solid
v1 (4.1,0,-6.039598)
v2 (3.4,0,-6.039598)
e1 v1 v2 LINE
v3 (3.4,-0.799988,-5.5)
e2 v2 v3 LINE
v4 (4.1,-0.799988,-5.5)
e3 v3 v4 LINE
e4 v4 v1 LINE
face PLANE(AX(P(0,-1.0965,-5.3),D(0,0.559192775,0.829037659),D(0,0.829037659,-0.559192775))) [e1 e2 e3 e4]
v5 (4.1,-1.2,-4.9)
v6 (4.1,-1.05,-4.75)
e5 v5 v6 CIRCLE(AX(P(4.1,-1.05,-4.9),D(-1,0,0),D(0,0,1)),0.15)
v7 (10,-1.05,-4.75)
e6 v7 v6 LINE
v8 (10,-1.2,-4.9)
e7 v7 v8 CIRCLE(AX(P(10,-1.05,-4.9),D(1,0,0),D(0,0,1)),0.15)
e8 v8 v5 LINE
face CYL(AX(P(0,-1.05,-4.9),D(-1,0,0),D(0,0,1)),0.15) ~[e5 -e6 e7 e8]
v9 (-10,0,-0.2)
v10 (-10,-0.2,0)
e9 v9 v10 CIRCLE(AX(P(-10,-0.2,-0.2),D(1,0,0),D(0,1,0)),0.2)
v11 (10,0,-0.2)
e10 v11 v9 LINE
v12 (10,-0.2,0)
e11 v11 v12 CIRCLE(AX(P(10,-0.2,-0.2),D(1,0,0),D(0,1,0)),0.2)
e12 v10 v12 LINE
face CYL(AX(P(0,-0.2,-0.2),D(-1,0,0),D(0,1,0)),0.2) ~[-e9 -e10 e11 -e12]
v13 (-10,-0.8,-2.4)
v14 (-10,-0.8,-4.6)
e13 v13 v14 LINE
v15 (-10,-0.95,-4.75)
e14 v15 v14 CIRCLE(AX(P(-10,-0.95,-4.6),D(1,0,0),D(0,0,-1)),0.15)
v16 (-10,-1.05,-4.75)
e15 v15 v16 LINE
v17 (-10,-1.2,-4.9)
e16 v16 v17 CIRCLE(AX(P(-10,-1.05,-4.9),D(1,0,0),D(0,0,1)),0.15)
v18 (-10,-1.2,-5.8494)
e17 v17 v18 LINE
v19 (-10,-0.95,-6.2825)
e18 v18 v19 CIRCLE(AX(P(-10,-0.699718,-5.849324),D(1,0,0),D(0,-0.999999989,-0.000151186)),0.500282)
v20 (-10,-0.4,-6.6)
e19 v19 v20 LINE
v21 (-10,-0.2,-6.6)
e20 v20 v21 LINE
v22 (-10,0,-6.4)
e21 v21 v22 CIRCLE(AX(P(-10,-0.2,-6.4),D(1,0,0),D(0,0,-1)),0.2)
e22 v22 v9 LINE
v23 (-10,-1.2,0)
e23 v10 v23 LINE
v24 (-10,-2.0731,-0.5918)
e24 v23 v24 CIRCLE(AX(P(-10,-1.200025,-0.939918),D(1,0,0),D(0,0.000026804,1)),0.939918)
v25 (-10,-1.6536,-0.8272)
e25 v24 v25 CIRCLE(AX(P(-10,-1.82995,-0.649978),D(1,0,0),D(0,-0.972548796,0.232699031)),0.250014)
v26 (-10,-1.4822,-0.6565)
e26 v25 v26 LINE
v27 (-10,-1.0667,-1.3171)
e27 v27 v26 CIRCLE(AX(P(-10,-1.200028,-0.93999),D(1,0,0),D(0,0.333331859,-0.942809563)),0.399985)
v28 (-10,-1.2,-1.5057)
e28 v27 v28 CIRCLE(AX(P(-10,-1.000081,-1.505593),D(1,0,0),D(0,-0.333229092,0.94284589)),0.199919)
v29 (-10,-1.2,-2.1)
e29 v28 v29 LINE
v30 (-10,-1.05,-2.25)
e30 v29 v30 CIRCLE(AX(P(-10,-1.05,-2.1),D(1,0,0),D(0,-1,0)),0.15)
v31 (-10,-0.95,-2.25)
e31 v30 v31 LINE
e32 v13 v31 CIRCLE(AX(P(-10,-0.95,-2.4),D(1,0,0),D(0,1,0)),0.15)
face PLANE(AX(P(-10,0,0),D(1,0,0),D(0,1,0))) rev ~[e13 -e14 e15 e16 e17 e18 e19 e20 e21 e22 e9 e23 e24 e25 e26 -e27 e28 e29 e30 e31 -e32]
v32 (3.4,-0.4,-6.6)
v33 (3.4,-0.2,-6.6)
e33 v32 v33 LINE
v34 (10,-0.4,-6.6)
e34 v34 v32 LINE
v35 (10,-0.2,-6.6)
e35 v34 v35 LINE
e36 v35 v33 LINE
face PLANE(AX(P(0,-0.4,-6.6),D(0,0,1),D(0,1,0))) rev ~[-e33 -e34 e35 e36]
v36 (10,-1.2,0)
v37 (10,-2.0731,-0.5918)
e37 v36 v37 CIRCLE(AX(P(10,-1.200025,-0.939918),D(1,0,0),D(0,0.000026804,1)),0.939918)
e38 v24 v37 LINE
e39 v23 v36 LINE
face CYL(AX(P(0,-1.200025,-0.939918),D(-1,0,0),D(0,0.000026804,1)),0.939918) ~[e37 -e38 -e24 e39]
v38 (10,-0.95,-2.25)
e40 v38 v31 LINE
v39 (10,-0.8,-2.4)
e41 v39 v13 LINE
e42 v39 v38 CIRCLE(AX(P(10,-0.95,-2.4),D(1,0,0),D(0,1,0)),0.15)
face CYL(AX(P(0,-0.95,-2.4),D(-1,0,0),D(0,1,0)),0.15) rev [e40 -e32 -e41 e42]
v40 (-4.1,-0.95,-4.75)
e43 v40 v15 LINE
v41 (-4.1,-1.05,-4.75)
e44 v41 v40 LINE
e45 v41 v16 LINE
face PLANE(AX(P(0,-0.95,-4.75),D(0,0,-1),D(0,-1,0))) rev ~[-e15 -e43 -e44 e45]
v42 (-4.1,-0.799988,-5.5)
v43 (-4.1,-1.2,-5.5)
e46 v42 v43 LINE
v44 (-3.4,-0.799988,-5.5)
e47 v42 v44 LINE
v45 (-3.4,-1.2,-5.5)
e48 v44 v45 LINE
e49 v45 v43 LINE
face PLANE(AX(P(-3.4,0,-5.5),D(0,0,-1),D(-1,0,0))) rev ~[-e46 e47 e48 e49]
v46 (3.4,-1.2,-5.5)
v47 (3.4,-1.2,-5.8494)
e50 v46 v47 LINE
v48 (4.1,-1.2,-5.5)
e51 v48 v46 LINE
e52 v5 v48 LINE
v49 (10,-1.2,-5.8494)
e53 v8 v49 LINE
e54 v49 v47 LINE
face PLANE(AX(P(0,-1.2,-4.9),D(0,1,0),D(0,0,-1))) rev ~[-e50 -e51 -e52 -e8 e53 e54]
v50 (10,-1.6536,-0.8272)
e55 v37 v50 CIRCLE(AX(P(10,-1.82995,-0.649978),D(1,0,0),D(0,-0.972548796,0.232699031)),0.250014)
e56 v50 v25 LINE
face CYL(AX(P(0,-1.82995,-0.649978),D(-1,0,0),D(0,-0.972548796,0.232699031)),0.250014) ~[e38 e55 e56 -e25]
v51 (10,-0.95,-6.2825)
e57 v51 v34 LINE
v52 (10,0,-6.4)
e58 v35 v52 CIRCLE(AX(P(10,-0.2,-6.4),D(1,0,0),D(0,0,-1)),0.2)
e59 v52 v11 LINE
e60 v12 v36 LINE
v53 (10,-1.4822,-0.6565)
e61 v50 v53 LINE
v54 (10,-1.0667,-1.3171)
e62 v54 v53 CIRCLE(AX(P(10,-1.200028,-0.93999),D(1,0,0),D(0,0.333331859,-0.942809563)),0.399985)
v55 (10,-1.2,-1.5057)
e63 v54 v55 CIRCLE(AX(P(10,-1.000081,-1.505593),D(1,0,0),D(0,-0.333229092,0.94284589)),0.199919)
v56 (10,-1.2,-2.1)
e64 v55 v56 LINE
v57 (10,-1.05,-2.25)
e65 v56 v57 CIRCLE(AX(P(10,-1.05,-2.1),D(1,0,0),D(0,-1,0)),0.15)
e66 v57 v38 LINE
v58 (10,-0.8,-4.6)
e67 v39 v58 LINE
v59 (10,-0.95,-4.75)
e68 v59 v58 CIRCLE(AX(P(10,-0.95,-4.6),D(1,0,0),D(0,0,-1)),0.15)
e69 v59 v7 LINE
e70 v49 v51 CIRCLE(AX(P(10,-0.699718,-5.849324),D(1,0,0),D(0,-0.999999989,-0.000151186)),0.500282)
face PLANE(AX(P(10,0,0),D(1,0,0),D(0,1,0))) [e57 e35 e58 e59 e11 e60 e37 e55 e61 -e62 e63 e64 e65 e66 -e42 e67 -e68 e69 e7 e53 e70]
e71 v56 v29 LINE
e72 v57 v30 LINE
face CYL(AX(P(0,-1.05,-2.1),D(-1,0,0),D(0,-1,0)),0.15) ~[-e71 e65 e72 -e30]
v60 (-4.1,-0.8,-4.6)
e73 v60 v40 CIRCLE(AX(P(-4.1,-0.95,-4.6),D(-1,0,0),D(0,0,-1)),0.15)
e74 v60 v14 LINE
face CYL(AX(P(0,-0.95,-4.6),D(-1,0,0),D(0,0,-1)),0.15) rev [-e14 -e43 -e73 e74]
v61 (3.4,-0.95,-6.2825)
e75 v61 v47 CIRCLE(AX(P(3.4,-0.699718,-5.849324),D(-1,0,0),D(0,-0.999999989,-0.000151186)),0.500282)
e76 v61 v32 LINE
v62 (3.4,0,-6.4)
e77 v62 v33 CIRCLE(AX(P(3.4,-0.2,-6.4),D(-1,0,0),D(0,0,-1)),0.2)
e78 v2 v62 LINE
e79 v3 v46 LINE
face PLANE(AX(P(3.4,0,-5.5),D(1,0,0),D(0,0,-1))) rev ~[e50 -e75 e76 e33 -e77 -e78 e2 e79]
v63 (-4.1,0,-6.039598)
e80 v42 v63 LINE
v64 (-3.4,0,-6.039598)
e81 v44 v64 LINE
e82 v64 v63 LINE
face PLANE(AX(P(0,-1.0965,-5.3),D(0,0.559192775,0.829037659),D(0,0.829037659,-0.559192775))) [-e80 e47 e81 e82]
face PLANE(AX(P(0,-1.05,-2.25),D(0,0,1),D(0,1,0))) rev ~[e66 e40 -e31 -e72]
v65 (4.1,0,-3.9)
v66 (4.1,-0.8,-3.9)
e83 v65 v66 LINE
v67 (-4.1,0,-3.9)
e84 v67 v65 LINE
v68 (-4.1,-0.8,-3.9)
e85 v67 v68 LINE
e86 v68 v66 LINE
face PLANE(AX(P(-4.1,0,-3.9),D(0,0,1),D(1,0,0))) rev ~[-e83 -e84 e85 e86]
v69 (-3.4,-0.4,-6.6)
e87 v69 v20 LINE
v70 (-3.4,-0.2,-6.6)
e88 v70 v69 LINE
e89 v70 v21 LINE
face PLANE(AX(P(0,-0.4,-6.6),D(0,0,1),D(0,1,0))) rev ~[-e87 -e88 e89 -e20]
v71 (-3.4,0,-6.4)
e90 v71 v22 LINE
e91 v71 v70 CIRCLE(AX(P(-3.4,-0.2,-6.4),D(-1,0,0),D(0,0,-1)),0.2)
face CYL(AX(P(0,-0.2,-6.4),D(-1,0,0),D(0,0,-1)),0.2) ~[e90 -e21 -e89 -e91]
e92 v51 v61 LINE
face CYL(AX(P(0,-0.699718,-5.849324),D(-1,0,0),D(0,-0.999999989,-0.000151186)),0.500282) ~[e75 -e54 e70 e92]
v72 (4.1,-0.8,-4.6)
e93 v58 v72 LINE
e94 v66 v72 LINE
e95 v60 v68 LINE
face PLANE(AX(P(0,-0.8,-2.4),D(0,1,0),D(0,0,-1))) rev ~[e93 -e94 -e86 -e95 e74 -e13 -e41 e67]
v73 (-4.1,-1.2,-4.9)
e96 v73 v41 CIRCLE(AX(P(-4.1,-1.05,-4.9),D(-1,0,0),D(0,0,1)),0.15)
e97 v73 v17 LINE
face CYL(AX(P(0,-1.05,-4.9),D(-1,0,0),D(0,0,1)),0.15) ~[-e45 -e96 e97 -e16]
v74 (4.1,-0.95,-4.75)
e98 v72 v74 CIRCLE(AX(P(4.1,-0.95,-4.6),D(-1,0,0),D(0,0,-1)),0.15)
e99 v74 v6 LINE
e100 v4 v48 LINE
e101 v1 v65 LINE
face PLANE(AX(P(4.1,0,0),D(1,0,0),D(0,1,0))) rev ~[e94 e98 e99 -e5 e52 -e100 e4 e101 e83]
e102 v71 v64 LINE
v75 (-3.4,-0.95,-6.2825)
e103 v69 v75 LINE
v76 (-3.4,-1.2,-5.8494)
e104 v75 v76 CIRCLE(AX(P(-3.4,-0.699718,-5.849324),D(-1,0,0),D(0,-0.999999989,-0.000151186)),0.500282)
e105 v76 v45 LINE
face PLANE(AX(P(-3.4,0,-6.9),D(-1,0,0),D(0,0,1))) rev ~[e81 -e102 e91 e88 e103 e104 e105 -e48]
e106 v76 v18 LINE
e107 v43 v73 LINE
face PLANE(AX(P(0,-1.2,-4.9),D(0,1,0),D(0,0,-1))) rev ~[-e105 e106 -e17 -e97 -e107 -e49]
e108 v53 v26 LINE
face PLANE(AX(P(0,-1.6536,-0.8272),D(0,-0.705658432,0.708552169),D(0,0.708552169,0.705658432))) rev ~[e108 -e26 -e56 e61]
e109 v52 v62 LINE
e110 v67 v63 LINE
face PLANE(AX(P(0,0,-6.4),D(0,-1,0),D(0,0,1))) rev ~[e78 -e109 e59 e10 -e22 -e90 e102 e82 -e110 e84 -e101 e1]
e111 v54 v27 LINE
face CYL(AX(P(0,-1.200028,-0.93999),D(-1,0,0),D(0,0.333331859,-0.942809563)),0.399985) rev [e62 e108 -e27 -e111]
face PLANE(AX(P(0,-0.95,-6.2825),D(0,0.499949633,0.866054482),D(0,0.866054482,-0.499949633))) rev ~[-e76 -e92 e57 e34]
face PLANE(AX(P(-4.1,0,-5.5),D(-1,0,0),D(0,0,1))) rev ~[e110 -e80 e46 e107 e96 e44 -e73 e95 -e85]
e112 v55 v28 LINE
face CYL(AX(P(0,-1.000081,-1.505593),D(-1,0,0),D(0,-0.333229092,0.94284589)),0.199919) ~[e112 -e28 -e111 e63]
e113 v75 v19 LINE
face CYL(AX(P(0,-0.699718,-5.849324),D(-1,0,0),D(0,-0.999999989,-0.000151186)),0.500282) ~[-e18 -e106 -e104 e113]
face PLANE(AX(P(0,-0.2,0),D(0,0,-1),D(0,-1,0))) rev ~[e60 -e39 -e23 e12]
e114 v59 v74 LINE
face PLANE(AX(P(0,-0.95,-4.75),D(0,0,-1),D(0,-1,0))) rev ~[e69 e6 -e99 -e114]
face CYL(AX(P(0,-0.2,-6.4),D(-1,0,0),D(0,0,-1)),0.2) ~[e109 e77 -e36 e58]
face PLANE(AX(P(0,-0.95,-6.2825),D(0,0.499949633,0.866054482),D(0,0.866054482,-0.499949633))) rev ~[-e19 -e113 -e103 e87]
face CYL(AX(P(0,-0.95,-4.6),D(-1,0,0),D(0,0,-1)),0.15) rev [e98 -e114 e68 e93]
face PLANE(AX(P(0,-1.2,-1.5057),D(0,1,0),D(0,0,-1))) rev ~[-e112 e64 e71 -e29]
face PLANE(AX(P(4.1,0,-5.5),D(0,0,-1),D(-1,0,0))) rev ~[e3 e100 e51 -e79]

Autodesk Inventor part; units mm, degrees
sketch "Sketch_1" plane through (0, 0, 0) normal (1, 0, 0) x (0, 1, 0)
  line L0 (-0.2, 0) -> (-1.2, 0)
  arc A0 (-1.2, 0) -> (-2.0731, -0.5918) centre (-1.2, -0.94) ccw
  arc A1 (-2.0731, -0.5918) -> (-1.6536, -0.8272) centre (-1.83, -0.65) ccw
  line L1 (-1.6536, -0.8272) -> (-1.4822, -0.6565)
  arc A2 (-1.0667, -1.3171) -> (-1.4822, -0.6565) centre (-1.2, -0.94) ccw
  arc A3 (-1.0667, -1.3171) -> (-1.2, -1.5057) centre (-1, -1.5057) ccw
  line L2 (-1.2, -1.5057) -> (-1.2, -2.1)
  arc A4 (-1.2, -2.1) -> (-1.05, -2.25) centre (-1.05, -2.1) ccw
  line L3 (-1.05, -2.25) -> (-0.95, -2.25)
  arc A5 (-0.8, -2.4) -> (-0.95, -2.25) centre (-0.95, -2.4) ccw
  line L4 (-0.8, -2.4) -> (-0.8, -4.6)
  arc A6 (-0.95, -4.75) -> (-0.8, -4.6) centre (-0.95, -4.6) ccw
  line L5 (-0.95, -4.75) -> (-1.05, -4.75)
  arc A7 (-1.05, -4.75) -> (-1.2, -4.9) centre (-1.05, -4.9) ccw
  line L6 (-1.2, -4.9) -> (-1.2, -5.8494)
  arc A8 (-1.2, -5.8494) -> (-0.95, -6.2825) centre (-0.7, -5.8494) ccw
  line L7 (-0.95, -6.2825) -> (-0.4, -6.6)
  line L8 (-0.4, -6.6) -> (-0.2, -6.6)
  arc A9 (-0.2, -6.6) -> (0, -6.4) centre (-0.2, -6.4) ccw
  line L9 (0, -6.4) -> (0, -0.2)
  arc A10 (0, -0.2) -> (-0.2, 0) centre (-0.2, -0.2) ccw
extrude "Extrusion1" add sketch "Sketch_1" along normal mid plane 20
sketch "Sketch_2" plane through (0, 0, 0) normal (0, 1, 0) x (-1, 0, 0)
  line L0 (4.1, -3.9) -> (-4.1, -3.9)
  line L1 (-4.1, -3.9) -> (-4.1, -5.5)
  line L2 (-4.1, -5.5) -> (-3.4, -5.5)
  line L3 (-3.4, -5.5) -> (-3.4, -6.9)
  line L4 (-3.4, -6.9) -> (3.4, -6.9)
  line L5 (3.4, -6.9) -> (3.4, -5.5)
  line L6 (3.4, -5.5) -> (4.1, -5.5)
  line L7 (4.1, -5.5) -> (4.1, -3.9)
extrude "Extrusion2" cut sketch "Sketch_2" against normal blind 2
sketch "Sketch_4" plane through (0, 0, 0) normal (1, 0, 0) x (0, 1, 0)
  line L0 (0.2, -5.3) -> (-1.0965, -5.3)
  line L1 (-1.0965, -5.3) -> (0.2, -6.1745)
  line L2 (0.2, -6.1745) -> (0.2, -5.3)
extrude "Extrusion3" cut sketch "Sketch_4" along normal mid plane 8.2
ref_plane "mitBHZ_XY" through (0, -1.2, -3.9) normal (0, 1, 0) x (1, 0, 0)
ref_plane "mitBHZ_YZ" through (0, -1.2, -3.9) normal (1, 0, 0) x (0, 0, -1)
ref_plane "mitBHZ_ZX" through (0, -1.2, -3.9) normal (0, 0, -1) x (0, 1, 0)
properties part number "ESG 6.6x20 BHZ 1082540000"
